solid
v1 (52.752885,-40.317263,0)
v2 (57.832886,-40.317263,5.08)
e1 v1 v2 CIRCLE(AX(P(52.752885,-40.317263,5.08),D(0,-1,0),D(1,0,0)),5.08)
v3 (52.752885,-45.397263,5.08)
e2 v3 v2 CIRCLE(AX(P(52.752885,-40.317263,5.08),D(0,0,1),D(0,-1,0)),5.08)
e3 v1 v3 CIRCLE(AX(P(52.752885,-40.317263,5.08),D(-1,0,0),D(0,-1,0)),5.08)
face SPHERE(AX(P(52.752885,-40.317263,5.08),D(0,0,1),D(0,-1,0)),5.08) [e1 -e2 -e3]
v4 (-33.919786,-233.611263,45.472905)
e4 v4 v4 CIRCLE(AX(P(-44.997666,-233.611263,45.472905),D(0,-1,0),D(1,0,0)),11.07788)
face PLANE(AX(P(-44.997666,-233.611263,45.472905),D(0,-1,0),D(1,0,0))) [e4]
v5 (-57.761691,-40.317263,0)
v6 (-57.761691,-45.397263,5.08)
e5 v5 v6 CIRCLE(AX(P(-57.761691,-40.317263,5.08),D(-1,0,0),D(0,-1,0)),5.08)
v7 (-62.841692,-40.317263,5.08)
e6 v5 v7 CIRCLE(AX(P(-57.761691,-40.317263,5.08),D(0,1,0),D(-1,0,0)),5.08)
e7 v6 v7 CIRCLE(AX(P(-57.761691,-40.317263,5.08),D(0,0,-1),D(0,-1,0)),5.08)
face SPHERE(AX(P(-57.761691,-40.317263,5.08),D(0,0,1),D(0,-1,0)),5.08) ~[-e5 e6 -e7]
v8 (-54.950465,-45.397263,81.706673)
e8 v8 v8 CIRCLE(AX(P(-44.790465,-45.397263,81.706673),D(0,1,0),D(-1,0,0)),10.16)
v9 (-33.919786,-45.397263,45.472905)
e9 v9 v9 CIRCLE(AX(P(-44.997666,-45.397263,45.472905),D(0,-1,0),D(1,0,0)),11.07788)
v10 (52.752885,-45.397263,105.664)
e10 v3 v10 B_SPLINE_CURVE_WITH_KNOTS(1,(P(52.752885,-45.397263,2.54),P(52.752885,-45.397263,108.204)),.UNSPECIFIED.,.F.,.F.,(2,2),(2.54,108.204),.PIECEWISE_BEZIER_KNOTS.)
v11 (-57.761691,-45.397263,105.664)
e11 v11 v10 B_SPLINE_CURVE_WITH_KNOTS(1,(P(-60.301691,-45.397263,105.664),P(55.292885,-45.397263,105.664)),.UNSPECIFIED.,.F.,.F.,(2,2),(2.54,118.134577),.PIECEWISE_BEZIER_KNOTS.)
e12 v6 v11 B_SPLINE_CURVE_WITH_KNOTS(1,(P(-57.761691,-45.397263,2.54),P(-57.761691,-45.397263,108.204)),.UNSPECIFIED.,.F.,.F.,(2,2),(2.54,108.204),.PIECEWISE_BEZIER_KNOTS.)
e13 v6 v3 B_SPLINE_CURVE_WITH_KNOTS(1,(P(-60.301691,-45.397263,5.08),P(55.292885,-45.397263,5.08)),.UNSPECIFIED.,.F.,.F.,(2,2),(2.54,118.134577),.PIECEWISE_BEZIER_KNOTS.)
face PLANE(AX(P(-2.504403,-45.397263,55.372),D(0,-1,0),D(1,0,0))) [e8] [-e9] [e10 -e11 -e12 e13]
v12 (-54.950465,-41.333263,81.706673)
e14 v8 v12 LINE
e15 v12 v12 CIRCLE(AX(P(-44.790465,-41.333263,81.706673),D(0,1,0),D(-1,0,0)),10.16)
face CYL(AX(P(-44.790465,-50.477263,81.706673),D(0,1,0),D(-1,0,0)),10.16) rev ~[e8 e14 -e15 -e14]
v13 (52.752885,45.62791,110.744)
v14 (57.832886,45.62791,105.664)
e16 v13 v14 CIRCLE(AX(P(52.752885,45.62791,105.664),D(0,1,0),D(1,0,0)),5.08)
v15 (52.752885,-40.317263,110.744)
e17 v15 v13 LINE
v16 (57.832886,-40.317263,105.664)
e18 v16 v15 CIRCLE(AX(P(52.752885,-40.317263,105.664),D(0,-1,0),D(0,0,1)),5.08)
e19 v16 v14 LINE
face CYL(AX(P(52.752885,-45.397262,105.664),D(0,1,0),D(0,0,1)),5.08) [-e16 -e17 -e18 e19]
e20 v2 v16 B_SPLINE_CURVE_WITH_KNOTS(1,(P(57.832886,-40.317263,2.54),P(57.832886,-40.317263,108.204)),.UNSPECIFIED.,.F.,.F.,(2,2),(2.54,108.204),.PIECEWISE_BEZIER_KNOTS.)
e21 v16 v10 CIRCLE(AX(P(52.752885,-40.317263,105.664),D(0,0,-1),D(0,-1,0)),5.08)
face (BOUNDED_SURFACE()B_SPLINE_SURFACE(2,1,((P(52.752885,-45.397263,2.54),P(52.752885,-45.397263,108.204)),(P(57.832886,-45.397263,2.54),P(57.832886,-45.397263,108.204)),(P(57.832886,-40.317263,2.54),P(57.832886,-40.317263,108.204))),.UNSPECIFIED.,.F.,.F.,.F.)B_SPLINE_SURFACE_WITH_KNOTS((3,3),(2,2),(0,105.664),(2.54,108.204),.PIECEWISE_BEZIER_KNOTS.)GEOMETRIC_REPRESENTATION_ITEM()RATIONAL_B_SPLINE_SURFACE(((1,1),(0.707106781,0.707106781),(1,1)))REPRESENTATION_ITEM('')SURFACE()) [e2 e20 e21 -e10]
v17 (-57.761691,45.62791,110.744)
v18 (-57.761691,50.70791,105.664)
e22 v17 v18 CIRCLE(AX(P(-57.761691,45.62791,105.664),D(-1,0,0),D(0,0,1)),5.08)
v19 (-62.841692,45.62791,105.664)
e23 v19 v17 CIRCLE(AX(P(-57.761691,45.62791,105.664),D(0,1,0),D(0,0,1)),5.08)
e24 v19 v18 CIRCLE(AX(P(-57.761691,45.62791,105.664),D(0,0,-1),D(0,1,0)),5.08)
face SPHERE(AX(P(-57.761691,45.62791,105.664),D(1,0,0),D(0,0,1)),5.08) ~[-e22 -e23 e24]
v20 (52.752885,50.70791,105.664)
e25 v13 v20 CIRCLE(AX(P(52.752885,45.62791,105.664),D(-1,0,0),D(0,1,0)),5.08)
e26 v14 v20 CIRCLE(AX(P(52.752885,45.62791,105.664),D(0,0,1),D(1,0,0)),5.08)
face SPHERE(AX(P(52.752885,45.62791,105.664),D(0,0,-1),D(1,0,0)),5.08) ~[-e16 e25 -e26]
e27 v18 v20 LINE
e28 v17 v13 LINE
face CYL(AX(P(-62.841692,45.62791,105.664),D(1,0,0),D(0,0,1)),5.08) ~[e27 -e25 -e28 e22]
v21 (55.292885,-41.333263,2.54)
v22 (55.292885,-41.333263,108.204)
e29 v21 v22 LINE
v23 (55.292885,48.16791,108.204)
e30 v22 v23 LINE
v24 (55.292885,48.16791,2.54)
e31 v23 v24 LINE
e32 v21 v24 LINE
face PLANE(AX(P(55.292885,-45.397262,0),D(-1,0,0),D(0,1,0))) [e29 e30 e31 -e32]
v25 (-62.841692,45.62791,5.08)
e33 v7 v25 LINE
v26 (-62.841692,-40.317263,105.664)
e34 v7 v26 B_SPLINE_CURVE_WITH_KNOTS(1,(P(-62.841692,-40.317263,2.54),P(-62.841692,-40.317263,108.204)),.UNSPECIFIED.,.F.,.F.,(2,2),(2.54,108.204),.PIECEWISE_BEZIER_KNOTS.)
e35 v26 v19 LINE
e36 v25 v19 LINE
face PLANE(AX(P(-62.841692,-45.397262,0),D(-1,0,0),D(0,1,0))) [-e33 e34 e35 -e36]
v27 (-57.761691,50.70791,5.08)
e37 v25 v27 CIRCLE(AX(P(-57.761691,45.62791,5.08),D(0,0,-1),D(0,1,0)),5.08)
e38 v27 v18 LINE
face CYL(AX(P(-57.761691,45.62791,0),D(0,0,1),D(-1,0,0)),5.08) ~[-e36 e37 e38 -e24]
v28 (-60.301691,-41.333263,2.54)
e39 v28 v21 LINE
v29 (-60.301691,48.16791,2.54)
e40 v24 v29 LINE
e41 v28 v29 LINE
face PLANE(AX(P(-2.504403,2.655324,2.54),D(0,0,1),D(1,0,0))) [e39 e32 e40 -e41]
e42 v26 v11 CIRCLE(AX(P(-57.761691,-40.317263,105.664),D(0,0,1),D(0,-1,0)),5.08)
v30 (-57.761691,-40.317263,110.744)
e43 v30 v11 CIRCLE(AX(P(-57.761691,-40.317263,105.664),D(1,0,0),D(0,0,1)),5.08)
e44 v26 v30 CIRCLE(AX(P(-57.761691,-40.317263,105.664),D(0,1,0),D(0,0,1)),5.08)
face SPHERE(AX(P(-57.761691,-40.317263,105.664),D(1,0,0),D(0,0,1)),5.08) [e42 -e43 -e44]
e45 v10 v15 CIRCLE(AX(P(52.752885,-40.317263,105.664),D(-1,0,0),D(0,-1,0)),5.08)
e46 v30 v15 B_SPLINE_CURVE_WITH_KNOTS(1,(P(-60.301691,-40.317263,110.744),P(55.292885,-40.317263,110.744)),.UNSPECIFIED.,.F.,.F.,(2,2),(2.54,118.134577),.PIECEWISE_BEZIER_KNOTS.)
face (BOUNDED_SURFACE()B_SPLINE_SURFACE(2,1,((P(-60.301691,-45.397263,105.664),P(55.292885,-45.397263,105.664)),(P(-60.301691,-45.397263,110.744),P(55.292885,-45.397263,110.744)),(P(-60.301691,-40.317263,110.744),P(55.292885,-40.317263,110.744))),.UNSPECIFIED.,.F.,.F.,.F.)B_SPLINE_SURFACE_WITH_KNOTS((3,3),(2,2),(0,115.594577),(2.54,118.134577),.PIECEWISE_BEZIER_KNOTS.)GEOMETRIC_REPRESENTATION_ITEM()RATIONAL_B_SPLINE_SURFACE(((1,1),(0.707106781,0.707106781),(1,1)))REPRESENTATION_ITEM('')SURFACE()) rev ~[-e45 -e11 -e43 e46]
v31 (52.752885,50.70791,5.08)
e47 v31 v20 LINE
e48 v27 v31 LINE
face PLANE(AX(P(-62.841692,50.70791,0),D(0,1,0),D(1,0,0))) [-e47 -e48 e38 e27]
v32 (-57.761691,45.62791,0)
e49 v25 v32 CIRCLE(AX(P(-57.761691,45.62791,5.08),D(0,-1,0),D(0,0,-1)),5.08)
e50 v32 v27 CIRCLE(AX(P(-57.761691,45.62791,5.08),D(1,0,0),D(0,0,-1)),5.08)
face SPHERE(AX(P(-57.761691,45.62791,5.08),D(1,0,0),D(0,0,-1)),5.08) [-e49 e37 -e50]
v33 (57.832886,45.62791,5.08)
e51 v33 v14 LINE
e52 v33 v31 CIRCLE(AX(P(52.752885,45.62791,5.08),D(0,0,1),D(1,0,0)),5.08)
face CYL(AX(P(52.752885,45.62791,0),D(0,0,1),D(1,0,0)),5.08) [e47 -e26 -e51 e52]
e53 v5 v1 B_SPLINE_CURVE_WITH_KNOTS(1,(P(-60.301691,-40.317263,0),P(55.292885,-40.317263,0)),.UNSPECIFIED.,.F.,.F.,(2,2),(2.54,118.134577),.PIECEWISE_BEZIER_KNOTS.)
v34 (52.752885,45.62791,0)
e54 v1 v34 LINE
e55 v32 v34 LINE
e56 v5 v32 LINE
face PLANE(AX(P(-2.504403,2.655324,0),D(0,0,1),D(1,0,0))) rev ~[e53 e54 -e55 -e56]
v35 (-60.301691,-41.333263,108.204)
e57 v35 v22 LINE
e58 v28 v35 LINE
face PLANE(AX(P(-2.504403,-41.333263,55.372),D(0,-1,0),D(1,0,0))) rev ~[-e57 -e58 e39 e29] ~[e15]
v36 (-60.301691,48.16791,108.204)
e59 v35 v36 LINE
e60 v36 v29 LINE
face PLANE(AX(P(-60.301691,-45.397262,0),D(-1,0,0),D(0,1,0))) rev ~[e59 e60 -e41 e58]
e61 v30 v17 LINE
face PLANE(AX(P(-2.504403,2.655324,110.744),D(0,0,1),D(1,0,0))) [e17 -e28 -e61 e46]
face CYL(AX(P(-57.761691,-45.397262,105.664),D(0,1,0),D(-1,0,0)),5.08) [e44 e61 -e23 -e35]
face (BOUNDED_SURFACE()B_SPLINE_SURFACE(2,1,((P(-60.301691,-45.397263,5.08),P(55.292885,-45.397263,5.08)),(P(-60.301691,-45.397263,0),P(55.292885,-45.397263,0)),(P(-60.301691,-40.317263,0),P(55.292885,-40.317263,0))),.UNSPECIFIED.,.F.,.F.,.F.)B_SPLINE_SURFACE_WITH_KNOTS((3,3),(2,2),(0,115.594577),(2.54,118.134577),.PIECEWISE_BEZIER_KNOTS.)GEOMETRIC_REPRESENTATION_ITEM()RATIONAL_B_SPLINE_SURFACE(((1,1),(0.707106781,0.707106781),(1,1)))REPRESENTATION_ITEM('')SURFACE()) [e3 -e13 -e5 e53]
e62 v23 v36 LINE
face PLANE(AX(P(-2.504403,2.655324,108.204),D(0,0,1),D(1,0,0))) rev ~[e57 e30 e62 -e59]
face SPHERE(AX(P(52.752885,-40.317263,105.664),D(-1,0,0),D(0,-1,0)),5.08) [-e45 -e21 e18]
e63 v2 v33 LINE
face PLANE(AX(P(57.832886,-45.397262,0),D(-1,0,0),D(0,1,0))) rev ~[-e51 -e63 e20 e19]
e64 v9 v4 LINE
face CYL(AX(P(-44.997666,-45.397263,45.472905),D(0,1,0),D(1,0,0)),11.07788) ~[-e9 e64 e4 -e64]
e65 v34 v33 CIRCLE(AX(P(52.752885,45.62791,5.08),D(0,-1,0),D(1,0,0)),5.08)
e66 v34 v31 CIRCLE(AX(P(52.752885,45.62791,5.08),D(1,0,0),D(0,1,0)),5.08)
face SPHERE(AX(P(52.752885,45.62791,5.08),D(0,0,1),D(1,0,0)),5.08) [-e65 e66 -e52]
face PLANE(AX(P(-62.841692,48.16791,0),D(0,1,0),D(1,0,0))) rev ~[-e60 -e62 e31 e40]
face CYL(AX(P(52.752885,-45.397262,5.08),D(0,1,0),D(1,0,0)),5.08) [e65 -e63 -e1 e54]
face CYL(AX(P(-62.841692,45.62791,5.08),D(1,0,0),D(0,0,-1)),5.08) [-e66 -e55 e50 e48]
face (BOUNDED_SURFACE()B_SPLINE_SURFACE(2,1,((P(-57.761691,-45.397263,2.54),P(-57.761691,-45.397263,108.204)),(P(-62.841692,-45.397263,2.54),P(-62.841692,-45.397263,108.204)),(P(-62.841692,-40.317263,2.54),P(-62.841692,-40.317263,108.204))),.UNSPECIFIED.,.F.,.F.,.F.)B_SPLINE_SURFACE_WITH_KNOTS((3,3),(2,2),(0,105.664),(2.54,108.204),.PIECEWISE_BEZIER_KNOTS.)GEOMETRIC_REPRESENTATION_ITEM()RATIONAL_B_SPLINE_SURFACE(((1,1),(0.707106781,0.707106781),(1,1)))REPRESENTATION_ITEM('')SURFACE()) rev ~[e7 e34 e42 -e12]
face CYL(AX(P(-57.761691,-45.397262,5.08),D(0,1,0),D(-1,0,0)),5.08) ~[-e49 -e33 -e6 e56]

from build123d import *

# Parameters (mm, degrees)
F0_W     = 120.674577
F0_H     = 96.105173
F1_DEPTH = 110.744
F2_T     = -2.54
F3_W     = 115.594577
F3_H     = 105.664
F4_DEPTH = 4.064
F6_D     = 20.32
F6_DEPTH = 5.08
F7_R     = 11.07788
F8_DEPTH = 188.214
F9_R     = 5.08


with BuildPart() as f1:
    # F0 (on Top) → F1 (new body)
    with BuildSketch(Plane.XY):
        with Locations((-2.504403, 2.655324)):
            Rectangle(F0_W, F0_H)
    extrude(amount=F1_DEPTH)

    # F2
    f2_openings = [f1.faces().sort_by_distance(p)[0] for p in [
        (-2.504403, -45.397263, 55.372),
    ]]
    offset(amount=F2_T, openings=f2_openings)

    # F3 (on face) → F4 (join)
    with BuildSketch(Plane.XZ.offset(45.397263)):
        with Locations((-2.504403, 55.372)):
            Rectangle(F3_W, F3_H)
    extrude(amount=-F4_DEPTH)

    # F6
    with Locations(Plane.XZ.offset(45.397263)):
        with Locations((-44.790465, 81.706673)):
            Hole(F6_D / 2, depth=F6_DEPTH)

    # F7 (on face) → F8 (join)
    with BuildSketch(Plane.XZ.offset(45.397263)):
        with Locations((-44.997666, 45.472905)):
            Circle(F7_R)
    extrude(amount=F8_DEPTH)

    # F9
    f9_edges = [f1.edges().sort_by_distance(p)[0] for p in [
        (-2.504403, -45.397263, 110.744),
        (57.832886, -45.397263, 55.372),
        (57.832886, 50.70791, 55.372),
        (57.832886, 2.655324, 110.744),
        (-2.504403, 50.70791, 110.744),
        (-62.841691, 2.655324, 110.744),
        (-62.841691, -45.397263, 55.372),
        (-2.504403, -45.397263, 0),
        (57.832886, 2.655324, 0),
        (-2.504403, 50.70791, 0),
        (-62.841691, 2.655324, 0),
        (-62.841691, 50.70791, 55.372),
    ]]
    fillet(f9_edges, radius=F9_R)


solid = f1.part
